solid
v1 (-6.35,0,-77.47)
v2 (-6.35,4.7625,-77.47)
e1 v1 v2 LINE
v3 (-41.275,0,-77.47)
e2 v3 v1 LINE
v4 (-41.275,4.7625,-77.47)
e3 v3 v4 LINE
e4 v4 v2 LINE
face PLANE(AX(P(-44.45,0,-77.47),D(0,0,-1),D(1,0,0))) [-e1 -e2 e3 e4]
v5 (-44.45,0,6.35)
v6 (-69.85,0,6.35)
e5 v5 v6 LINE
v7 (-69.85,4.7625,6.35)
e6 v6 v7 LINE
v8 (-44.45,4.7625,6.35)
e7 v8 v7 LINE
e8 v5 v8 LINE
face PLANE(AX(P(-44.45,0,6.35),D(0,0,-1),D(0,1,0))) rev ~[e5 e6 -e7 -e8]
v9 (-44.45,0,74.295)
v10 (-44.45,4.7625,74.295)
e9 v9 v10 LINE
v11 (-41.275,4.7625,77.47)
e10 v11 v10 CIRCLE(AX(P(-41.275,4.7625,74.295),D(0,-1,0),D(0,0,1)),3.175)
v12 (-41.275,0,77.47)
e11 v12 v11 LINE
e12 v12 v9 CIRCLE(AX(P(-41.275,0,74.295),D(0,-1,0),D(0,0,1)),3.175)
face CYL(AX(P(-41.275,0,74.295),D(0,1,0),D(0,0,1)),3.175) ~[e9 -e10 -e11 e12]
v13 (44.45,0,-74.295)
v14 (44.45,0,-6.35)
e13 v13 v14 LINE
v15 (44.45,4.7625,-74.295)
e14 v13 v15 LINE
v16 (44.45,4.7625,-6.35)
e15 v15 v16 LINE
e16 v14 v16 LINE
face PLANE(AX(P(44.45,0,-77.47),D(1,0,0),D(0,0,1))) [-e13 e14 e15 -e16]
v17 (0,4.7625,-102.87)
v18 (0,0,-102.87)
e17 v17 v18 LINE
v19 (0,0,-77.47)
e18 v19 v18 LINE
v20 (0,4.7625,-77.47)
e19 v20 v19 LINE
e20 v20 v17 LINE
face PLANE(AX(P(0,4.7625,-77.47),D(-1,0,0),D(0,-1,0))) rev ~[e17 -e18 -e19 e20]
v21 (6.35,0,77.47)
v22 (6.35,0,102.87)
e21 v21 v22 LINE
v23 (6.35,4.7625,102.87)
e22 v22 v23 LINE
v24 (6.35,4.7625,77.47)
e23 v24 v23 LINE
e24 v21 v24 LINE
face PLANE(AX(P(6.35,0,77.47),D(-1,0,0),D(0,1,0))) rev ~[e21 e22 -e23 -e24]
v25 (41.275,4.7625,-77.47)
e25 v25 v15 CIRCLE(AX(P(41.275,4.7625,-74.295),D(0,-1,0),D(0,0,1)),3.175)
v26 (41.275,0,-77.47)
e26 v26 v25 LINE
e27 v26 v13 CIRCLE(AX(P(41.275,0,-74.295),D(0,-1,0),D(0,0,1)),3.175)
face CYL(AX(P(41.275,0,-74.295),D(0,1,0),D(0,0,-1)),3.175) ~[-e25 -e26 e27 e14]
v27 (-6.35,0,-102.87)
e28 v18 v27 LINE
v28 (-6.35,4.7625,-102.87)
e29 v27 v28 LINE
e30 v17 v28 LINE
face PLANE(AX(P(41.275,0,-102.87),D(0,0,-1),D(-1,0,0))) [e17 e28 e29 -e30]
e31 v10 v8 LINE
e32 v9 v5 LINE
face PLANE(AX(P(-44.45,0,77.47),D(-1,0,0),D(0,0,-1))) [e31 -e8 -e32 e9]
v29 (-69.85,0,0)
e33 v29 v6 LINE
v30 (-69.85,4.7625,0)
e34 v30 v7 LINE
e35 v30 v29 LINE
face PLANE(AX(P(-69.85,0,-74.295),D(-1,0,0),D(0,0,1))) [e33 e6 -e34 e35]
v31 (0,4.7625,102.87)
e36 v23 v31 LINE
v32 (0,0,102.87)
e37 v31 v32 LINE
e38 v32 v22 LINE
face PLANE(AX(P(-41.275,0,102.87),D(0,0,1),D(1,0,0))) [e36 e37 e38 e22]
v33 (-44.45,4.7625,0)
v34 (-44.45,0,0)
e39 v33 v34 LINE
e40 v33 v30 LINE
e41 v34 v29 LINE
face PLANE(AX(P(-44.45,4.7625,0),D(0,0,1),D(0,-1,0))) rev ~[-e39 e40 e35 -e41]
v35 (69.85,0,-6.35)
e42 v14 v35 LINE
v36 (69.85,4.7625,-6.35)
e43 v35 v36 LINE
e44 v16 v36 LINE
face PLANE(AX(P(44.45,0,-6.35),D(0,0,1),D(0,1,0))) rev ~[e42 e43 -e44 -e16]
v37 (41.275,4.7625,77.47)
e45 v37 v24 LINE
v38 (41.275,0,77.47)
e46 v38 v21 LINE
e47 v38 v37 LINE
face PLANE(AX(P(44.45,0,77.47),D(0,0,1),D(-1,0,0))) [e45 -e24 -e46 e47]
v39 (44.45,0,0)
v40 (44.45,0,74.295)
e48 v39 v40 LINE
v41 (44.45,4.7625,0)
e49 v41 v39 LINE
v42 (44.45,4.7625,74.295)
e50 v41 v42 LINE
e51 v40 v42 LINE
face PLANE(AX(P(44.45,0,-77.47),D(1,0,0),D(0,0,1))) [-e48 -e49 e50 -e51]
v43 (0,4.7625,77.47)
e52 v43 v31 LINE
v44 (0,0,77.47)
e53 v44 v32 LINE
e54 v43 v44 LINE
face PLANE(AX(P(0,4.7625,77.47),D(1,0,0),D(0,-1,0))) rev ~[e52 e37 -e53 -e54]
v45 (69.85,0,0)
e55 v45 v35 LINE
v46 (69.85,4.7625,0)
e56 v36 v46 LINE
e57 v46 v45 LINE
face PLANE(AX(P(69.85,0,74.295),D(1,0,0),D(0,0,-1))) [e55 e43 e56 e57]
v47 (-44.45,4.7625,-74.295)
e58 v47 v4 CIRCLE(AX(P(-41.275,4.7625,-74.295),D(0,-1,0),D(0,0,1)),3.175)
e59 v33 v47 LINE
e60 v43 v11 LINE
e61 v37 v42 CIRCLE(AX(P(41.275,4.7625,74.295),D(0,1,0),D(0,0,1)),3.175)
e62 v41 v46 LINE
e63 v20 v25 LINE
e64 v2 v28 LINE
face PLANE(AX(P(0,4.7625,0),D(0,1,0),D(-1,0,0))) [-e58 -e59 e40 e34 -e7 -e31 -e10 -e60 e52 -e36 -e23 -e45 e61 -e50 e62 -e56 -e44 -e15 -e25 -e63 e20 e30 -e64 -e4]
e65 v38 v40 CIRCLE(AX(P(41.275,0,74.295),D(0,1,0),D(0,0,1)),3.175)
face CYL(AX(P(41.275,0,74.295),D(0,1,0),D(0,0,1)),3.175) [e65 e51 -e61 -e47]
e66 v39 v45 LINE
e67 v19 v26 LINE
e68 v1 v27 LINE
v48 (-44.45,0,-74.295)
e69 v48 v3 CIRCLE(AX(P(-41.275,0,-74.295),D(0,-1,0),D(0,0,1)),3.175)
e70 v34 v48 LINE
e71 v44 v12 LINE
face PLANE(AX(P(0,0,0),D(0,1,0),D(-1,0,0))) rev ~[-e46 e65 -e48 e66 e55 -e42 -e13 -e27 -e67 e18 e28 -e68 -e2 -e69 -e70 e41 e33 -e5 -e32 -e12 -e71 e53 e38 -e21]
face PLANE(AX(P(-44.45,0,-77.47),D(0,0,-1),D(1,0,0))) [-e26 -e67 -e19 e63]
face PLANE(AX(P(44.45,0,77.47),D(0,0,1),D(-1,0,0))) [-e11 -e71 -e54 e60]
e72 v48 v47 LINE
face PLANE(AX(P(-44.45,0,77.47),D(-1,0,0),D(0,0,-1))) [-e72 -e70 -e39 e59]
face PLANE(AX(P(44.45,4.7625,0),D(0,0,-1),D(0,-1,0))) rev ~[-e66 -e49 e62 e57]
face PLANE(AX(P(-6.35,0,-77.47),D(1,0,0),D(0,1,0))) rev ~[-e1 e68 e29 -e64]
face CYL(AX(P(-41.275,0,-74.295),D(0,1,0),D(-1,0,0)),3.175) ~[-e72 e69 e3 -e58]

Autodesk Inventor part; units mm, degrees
ref_plane "YZ Plane" through (0, 0, 0) normal (1, 0, 0) x (0, 1, 0)
ref_plane "XZ Plane" through (0, 0, 0) normal (0, 1, 0) x (-1, 0, 0)
ref_plane "XY Plane" through (0, 0, 0) normal (0, 0, 1) x (1, 0, 0)
sketch "Sketch1" plane through (0, 0, 0) normal (0, 1, 0) x (-1, 0, 0)
  line L0 (-44.45, 77.47) -> (44.45, 77.47)
  line L1 (44.45, 77.47) -> (44.45, -77.47)
  line L2 (44.45, -77.47) -> (-44.45, -77.47)
  line L3 (-44.45, -77.47) -> (-44.45, 77.47)
  line L4 (-44.45, 77.47) -> (44.45, -77.47) construction
  line L5 (44.45, 77.47) -> (-44.45, -77.47) construction
  point P0 (0, 0)
  dimension "d0" = 154.94
  dimension "d1" = 88.9
extrude "Extrusion1" add sketch "Sketch1" along normal blind 4.7625
fillet "Fillet1" radius 3.175 4 edges at (44.45, 2.3813, 77.47) (-44.45, 2.3813, 77.47) (44.45, 2.3813, -77.47) (-44.45, 2.3813, -77.47)
sketch "Sketch9" plane through (41.275, 0, -77.47) normal (0, 0, -1) x (-1, 0, 0)
  line L0 (0, 4.7625) -> (82.55, 4.7625) projected
  line L1 (41.275, 0) -> (47.625, 0)
  line L2 (47.625, 0) -> (47.625, 4.7625)
  line L3 (47.625, 4.7625) -> (41.275, 4.7625)
  line L4 (41.275, 4.7625) -> (41.275, 0)
  dimension "d40" = 6.35
sketch "Sketch10" plane through (-44.45, 0, -74.295) normal (-1, 0, 0) x (0, 0, 1)
  line L0 (0, 4.7625) -> (148.59, 4.7625) projected
  line L1 (74.295, 0) -> (80.645, 0)
  line L2 (80.645, 0) -> (80.645, 4.7625)
  line L3 (80.645, 4.7625) -> (74.295, 4.7625)
  line L4 (74.295, 4.7625) -> (74.295, 0)
  dimension "d41" = 6.35
sketch "Sketch11" plane through (44.45, 0, 74.295) normal (1, 0, 0) x (0, 0, -1)
  line L0 (148.59, 4.7625) -> (0, 4.7625) projected
  line L1 (74.295, 0) -> (80.645, 0)
  line L2 (80.645, 0) -> (80.645, 4.7625)
  line L3 (80.645, 4.7625) -> (74.295, 4.7625)
  line L4 (74.295, 4.7625) -> (74.295, 0)
  dimension "d42" = 6.35
sketch "Sketch12" plane through (-41.275, 0, 77.47) normal (0, 0, 1) x (1, 0, 0)
  line L0 (82.55, 4.7625) -> (0, 4.7625) projected
  line L1 (41.275, 0) -> (47.625, 0)
  line L2 (47.625, 0) -> (47.625, 4.7625)
  line L3 (47.625, 4.7625) -> (41.275, 4.7625)
  line L4 (41.275, 4.7625) -> (41.275, 0)
  dimension "d43" = 6.35
extrude "Extrusion8" add sketch "Sketch11" along normal blind 25.4
extrude "Extrusion9" add sketch "Sketch12" along normal blind 25.4
extrude "Extrusion10" add sketch "Sketch10" along normal blind 25.4
extrude "Extrusion11" add sketch "Sketch9" along normal blind 25.4
properties part number "iceTubeClockTop"
